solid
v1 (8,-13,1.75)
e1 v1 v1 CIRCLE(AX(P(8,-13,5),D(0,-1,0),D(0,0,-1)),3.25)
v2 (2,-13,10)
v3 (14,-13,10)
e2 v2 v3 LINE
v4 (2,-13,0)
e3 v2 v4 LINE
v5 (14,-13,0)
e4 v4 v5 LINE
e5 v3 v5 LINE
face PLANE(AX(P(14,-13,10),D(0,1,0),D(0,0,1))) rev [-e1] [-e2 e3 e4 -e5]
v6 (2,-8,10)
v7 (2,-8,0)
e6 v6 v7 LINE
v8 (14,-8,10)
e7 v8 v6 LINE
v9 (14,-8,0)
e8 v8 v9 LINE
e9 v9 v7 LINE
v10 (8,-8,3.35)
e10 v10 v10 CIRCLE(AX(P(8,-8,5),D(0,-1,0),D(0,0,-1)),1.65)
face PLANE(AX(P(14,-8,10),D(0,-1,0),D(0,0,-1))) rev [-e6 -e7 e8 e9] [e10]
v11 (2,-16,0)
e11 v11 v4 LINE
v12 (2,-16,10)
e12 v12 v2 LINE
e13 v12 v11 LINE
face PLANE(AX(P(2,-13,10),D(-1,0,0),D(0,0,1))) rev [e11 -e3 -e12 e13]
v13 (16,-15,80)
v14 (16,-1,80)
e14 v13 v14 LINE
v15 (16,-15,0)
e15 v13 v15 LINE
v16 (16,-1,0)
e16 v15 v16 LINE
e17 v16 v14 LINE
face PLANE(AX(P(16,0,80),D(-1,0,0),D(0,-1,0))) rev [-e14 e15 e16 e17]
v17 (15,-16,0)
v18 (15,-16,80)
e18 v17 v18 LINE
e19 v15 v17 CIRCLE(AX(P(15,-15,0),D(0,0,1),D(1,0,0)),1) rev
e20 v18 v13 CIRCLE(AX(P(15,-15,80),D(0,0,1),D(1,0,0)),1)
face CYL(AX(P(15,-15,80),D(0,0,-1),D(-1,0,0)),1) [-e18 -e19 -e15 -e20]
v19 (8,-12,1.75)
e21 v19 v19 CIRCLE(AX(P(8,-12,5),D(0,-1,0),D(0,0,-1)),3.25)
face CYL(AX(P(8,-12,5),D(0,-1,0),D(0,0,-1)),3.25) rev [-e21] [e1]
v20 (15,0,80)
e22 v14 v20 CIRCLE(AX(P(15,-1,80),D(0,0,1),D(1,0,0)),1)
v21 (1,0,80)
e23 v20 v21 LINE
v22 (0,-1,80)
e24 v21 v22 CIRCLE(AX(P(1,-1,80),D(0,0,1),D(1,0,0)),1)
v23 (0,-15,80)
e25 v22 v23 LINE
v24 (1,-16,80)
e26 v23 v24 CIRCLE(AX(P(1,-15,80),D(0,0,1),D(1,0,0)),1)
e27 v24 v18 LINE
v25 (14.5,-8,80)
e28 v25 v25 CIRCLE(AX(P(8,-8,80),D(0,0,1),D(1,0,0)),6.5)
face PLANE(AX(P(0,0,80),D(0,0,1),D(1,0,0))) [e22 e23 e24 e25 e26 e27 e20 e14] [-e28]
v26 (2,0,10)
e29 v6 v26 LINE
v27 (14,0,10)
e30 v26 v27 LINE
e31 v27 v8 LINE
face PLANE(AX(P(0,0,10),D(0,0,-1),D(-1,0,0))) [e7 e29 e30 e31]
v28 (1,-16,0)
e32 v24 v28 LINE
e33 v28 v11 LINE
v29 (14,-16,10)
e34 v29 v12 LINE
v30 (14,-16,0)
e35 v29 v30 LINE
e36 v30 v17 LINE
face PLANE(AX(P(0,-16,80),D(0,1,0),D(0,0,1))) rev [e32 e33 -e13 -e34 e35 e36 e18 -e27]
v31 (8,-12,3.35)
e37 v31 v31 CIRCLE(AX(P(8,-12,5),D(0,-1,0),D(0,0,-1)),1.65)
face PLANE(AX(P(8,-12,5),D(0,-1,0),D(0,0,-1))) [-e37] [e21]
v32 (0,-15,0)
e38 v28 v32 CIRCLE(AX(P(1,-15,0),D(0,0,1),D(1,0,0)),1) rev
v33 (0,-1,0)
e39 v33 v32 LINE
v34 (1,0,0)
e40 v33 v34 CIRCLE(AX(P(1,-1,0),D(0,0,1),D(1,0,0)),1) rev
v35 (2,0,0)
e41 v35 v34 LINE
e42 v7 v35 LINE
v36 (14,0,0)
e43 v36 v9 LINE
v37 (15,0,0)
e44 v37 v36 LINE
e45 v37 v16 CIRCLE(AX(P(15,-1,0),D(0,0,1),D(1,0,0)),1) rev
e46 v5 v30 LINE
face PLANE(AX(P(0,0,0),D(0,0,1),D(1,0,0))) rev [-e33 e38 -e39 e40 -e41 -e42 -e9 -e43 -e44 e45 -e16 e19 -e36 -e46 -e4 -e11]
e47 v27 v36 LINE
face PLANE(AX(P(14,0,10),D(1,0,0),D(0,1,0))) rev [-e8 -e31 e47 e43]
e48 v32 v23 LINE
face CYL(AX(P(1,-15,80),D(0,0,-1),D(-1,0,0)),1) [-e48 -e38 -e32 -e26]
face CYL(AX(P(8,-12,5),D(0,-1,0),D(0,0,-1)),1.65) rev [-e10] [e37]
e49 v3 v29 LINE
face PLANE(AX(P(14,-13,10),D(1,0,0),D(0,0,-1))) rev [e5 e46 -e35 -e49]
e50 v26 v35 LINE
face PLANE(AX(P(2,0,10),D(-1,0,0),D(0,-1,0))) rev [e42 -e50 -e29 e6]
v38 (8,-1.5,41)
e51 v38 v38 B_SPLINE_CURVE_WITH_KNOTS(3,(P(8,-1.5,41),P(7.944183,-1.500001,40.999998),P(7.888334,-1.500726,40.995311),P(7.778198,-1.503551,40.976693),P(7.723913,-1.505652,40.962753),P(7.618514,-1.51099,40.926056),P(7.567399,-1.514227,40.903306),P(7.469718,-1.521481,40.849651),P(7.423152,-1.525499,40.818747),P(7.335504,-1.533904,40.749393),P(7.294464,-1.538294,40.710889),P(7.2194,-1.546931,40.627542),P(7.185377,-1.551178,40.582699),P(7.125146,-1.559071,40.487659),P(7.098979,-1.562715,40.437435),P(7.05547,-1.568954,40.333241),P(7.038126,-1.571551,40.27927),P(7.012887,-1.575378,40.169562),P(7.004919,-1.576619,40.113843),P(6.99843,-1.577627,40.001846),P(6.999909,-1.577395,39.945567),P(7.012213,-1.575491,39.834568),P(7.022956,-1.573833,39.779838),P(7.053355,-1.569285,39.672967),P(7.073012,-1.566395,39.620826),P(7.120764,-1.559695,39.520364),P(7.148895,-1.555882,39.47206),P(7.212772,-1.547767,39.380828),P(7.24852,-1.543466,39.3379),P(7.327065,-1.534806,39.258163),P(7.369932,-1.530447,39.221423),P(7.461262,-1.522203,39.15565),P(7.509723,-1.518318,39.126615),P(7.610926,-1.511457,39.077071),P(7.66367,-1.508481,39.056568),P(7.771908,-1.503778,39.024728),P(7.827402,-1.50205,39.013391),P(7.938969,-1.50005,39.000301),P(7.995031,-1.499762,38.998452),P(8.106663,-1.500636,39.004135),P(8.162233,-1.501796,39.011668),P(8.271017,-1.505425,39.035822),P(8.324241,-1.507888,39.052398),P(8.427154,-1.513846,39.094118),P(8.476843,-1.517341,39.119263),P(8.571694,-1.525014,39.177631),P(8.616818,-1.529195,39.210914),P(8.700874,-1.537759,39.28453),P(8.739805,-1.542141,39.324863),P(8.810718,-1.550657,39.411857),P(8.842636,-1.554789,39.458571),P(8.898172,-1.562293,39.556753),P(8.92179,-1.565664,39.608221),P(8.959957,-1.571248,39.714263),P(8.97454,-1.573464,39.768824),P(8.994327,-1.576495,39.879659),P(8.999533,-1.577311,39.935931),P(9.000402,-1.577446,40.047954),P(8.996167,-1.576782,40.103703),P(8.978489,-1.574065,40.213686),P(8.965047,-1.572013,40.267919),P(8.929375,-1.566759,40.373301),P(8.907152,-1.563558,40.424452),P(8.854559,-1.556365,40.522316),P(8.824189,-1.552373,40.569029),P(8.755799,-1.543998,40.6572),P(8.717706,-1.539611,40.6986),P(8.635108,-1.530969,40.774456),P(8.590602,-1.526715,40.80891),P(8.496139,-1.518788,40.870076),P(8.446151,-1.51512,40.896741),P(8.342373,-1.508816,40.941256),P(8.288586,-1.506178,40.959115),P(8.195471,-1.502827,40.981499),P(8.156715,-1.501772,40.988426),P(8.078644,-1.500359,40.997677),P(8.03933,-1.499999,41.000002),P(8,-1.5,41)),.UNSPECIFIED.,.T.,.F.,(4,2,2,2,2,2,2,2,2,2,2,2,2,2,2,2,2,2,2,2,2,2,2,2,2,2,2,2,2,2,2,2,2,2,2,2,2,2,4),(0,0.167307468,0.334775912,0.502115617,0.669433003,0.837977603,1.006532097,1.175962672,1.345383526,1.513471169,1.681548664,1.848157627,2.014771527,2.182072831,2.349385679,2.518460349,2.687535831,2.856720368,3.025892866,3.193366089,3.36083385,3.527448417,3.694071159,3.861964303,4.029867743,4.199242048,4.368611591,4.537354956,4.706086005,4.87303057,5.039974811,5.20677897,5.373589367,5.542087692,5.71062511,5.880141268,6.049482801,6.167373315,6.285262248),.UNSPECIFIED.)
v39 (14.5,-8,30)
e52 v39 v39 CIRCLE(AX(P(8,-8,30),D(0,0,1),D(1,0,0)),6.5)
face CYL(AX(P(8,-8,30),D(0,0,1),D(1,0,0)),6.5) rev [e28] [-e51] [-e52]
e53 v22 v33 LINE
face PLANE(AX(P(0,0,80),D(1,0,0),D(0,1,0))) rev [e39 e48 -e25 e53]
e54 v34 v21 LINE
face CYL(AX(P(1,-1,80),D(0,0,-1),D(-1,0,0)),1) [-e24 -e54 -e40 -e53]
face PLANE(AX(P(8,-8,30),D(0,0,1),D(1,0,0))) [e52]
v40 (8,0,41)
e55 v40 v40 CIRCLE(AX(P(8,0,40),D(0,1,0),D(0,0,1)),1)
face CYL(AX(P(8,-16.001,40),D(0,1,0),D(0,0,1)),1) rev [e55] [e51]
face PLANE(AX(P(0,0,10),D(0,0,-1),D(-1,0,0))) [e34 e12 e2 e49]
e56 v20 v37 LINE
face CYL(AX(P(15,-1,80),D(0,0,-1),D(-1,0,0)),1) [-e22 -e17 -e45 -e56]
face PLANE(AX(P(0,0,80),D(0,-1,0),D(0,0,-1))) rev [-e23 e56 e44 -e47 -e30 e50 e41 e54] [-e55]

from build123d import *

# Parameters (mm, degrees)
SKETCH_1_W             = 16
SKETCH_1_H             = 16
EXTRUDE_1_DEPTH        = 80
SKETCH_2_R             = 6.5
CUT_EXTRUDE_1_DEPTH    = 50
SKETCH_10_W            = 12
SKETCH_10_H            = 8
SKETCH_10_H_2          = 3
CUT_EXTRUDE_2_DEPTH    = 10
SKETCH_11_R            = 3.25
CUT_EXTRUDE_5_DEPTH    = 1
HOLE_WIZARD_M4_1_D     = 3.3
HOLE_WIZARD_M4_1_DEPTH = 4
CUT_EXTRUDE_6_REACH    = 18
SKETCH_14_R            = 1
FILLET_1_R             = 1


with BuildPart() as part:
    # 草图1 → 凸台-拉伸1 (new body)
    with BuildSketch(Plane.XY):
        with Locations((8, -8)):
            Rectangle(SKETCH_1_W, SKETCH_1_H)
    extrude(amount=EXTRUDE_1_DEPTH)

    # 草图2 → 切除-拉伸1 (cut)
    with BuildSketch(Plane.XY.offset(80)):
        with Locations((8, -8)):
            Circle(SKETCH_2_R)
    extrude(amount=-CUT_EXTRUDE_1_DEPTH, mode=Mode.SUBTRACT)

    # 草图10 → 切除-拉伸2 (cut)
    with BuildSketch(Plane(origin=(0, 0, 0), x_dir=(-1, 0, 0), z_dir=(0, 0, -1))):
        with Locations((-8, -4)):
            Rectangle(SKETCH_10_W, SKETCH_10_H)
        with Locations((-8, -14.5)):
            Rectangle(SKETCH_10_W, SKETCH_10_H_2)
    extrude(amount=-CUT_EXTRUDE_2_DEPTH, mode=Mode.SUBTRACT)

    # 草图11 → 切除-拉伸5 (cut)
    with BuildSketch(Plane.XZ.offset(13)):
        with Locations((8, 5)):
            Circle(SKETCH_11_R)
    extrude(amount=-CUT_EXTRUDE_5_DEPTH, mode=Mode.SUBTRACT)

    # M4 螺纹孔的螺纹孔钻头1
    with Locations(Plane(origin=(0, -12, 0), x_dir=(-1, 0, 0), z_dir=(0, -1, 0))):
        with Locations((-8, -5)):
            Hole(HOLE_WIZARD_M4_1_D / 2, depth=HOLE_WIZARD_M4_1_DEPTH)

    # 草图14 → 切除-拉伸6 (cut, up to next)
    with BuildSketch(Plane(origin=(0, 0, 0), x_dir=(1, 0, 0), z_dir=(0, 1, 0)), mode=Mode.PRIVATE) as cut_extrude_6_sk1:
        with Locations((8, -40)):
            Circle(SKETCH_14_R)
    cut_extrude_6_tool1 = extrude(cut_extrude_6_sk1.sketch, amount=-CUT_EXTRUDE_6_REACH, mode=Mode.PRIVATE) & part.part
    add(cut_extrude_6_tool1.solids().sort_by_distance((8, 0, 40))[0], mode=Mode.SUBTRACT)

    # 圆角1
    fillet_1_edges = [part.edges().sort_by_distance(p)[0] for p in [
        (0, 0, 40),
        (16, 0, 40),
        (16, -16, 40),
        (0, -16, 40),
    ]]
    fillet(fillet_1_edges, radius=FILLET_1_R)


solid = part.part
